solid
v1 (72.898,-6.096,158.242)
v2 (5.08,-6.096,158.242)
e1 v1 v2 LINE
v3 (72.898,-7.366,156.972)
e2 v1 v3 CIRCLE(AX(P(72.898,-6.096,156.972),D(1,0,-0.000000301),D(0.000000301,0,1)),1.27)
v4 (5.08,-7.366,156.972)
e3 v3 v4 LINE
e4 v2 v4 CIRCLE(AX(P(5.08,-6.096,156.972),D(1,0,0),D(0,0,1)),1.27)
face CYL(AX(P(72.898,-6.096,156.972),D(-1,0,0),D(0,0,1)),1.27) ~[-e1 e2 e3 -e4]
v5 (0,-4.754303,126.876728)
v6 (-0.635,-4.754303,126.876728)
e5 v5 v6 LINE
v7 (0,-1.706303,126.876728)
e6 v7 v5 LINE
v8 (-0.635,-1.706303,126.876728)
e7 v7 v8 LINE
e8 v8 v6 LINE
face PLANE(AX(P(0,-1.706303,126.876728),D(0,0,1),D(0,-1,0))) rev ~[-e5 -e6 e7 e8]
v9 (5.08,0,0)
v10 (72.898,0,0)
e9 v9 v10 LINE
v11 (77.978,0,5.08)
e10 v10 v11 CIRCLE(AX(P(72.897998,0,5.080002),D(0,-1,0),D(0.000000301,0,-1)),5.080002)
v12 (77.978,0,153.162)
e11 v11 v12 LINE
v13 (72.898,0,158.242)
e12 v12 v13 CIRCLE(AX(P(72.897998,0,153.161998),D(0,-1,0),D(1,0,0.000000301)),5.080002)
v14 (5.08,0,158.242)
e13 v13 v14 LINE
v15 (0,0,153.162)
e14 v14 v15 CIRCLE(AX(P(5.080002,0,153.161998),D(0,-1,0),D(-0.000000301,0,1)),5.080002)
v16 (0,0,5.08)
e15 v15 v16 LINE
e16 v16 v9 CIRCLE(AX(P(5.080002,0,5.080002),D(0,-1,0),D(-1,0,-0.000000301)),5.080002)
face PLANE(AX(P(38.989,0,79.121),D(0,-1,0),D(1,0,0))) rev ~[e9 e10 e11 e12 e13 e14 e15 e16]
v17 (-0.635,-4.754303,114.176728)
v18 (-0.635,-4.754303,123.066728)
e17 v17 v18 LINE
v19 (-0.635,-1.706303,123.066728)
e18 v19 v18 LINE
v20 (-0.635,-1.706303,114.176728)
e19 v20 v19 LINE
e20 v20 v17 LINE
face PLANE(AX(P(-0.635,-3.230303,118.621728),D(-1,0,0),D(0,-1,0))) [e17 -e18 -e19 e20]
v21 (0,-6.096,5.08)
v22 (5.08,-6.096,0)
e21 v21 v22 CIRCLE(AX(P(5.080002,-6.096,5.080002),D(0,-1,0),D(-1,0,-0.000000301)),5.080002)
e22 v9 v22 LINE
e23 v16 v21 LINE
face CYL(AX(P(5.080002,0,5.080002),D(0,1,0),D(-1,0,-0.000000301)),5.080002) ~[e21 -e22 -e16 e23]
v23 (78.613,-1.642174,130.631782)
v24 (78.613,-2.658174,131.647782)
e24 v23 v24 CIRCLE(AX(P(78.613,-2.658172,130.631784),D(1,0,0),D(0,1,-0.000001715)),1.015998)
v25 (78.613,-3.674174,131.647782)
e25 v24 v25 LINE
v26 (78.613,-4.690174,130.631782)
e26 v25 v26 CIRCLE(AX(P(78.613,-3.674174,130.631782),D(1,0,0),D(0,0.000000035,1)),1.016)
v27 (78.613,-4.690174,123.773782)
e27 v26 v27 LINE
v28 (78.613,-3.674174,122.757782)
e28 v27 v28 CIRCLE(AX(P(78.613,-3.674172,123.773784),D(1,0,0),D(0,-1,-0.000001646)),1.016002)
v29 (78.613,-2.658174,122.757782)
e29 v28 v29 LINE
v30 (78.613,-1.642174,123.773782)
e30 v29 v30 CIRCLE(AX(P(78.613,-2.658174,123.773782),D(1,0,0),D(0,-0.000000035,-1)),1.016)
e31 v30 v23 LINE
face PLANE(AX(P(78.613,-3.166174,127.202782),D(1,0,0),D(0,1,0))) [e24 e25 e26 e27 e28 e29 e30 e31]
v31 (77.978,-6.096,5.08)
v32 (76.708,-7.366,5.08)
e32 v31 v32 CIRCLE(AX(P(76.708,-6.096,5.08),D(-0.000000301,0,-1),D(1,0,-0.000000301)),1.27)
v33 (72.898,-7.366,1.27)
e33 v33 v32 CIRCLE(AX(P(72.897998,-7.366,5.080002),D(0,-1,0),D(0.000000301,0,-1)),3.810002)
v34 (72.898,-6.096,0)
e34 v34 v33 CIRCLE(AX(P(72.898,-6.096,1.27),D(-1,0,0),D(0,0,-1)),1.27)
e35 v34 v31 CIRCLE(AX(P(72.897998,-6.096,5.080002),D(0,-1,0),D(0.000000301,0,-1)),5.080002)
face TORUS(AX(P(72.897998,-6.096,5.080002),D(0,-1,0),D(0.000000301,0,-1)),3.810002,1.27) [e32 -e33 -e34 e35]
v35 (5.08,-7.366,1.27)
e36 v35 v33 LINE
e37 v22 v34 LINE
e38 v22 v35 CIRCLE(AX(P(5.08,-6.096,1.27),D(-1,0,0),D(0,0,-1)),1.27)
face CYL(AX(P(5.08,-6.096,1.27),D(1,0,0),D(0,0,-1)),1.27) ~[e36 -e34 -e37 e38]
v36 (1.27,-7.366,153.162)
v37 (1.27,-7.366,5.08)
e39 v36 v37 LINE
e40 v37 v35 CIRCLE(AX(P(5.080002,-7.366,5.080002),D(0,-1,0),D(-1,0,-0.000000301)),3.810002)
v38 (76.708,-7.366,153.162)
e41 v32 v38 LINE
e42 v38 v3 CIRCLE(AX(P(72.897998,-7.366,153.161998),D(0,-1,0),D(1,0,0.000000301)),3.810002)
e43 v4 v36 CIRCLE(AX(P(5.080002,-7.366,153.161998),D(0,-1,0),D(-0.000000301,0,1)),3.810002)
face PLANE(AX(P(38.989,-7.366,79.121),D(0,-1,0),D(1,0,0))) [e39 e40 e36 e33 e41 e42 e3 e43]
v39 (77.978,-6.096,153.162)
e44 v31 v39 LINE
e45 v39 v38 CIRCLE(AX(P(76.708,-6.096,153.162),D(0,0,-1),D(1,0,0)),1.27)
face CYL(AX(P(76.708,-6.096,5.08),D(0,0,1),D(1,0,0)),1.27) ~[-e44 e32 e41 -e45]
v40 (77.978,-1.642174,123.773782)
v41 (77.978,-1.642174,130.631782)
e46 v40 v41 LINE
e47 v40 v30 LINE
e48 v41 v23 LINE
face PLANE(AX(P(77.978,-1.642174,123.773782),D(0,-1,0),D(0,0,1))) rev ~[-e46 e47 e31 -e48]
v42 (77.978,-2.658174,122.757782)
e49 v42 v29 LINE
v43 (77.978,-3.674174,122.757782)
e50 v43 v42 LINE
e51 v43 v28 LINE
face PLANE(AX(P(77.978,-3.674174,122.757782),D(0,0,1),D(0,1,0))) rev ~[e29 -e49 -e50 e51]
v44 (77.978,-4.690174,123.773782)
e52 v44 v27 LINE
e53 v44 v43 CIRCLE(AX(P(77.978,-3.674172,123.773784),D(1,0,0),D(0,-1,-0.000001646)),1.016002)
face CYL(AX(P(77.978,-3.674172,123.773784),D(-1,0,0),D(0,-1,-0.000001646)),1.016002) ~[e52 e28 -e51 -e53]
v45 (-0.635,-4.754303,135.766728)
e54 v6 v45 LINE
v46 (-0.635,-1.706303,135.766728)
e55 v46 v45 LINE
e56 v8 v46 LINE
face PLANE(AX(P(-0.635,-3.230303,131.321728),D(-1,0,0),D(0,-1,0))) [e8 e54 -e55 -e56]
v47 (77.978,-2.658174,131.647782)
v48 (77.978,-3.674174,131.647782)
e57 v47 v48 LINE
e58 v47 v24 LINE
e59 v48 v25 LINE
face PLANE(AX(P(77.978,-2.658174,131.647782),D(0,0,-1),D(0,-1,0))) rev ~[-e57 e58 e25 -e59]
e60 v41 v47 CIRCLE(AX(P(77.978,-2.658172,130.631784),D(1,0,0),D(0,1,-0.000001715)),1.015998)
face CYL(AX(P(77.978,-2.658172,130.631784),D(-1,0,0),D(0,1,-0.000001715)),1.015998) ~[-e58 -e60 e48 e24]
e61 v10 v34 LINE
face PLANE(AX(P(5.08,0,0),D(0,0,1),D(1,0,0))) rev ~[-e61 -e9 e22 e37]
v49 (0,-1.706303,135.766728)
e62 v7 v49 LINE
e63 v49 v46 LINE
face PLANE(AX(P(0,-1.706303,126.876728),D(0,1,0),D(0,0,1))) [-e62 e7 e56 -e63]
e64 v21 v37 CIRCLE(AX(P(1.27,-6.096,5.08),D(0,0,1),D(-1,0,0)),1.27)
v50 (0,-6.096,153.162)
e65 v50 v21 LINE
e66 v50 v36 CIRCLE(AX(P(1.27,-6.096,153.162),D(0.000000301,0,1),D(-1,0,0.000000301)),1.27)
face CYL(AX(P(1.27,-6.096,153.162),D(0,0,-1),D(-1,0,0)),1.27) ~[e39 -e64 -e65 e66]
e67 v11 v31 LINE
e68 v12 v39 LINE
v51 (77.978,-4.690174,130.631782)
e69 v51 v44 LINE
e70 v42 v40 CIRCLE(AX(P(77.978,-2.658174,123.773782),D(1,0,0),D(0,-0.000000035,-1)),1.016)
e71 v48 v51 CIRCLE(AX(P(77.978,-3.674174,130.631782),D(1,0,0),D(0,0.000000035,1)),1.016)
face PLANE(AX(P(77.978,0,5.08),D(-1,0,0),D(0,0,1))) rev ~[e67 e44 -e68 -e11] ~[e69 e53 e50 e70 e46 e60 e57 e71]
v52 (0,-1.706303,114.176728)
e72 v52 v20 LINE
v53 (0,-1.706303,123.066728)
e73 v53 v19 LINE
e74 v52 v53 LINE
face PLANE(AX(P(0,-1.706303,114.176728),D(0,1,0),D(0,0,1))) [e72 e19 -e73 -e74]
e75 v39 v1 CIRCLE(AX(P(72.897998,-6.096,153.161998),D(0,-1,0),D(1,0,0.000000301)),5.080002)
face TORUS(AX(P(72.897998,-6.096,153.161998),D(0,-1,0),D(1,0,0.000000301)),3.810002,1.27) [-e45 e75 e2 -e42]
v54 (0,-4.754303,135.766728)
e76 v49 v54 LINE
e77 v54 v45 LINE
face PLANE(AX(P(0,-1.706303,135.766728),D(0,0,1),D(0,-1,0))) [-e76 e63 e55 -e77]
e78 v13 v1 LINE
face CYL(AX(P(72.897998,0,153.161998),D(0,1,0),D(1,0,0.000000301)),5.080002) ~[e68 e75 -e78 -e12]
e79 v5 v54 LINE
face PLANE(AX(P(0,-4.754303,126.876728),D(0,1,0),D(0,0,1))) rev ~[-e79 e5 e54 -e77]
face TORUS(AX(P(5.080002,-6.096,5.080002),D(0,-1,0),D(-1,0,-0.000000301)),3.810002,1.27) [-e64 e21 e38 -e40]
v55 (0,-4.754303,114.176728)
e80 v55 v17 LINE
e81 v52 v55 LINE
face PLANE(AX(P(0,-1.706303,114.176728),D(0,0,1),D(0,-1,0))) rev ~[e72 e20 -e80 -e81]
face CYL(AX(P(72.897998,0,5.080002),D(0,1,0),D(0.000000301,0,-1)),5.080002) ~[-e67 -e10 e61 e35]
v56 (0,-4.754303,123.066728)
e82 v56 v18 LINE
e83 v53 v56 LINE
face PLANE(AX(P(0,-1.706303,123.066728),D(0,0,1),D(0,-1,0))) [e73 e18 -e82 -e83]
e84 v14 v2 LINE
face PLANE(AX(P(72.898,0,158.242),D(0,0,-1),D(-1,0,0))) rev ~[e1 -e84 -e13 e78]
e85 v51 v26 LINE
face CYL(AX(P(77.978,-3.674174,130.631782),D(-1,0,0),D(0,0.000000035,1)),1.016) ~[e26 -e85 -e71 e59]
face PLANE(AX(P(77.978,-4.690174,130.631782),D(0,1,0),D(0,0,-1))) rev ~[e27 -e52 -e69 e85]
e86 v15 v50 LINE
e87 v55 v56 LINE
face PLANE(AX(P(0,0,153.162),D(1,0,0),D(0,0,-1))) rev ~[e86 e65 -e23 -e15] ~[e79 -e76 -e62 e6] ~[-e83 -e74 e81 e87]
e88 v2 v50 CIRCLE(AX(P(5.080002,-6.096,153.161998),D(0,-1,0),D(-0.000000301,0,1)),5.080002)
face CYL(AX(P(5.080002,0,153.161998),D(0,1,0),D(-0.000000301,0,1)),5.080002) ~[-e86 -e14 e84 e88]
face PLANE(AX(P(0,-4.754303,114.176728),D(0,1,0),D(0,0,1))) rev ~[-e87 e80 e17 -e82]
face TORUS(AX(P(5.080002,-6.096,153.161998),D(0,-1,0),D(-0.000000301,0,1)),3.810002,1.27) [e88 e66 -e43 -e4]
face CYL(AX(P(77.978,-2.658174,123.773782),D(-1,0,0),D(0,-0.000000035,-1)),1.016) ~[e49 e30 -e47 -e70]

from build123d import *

# Parameters (mm, degrees)
F1_DEPTH = 7.366
F2_R     = 1.27
F4_DEPTH = 0.635
F5_W     = 3.048
F5_H     = 8.89
F6_DEPTH = 0.635


with BuildPart() as f1:
    # F0 (on Front) → F1 (new body)
    with BuildSketch(Plane.XZ):
        with BuildLine():
            Line((0, 153.162), (0, 5.08))
            ThreePointArc((0, 5.08), (1.487898, 1.487898), (5.08, 0))
            Line((5.08, 0), (72.898, 0))
            ThreePointArc((72.898, 0), (76.490102, 1.487898), (77.978, 5.08))
            Line((77.978, 5.08), (77.978, 153.162))
            ThreePointArc((77.978, 153.162), (76.490102, 156.754102), (72.898, 158.242))
            Line((72.898, 158.242), (5.08, 158.242))
            ThreePointArc((5.08, 158.242), (1.487898, 156.754102), (0, 153.162))
        make_face()
    extrude(amount=F1_DEPTH)

    # F2
    f2_edges = [f1.edges().sort_by_distance(p)[0] for p in [
        (38.989, -7.366, 0),
    ]]
    fillet(f2_edges, radius=F2_R)

    # F3 (on face) → F4 (join)
    with BuildSketch(Plane.YZ.offset(77.978)):
        with BuildLine():
            Line((-2.658174, 131.647782), (-3.674174, 131.647782))
            ThreePointArc((-3.674174, 131.647782), (-4.392594, 131.350203), (-4.690174, 130.631782))
            Line((-4.690174, 130.631782), (-4.690174, 123.773782))
            ThreePointArc((-4.690174, 123.773782), (-4.392594, 123.055362), (-3.674174, 122.757782))
            Line((-3.674174, 122.757782), (-2.658174, 122.757782))
            ThreePointArc((-2.658174, 122.757782), (-1.939753, 123.055362), (-1.642174, 123.773782))
            Line((-1.642174, 123.773782), (-1.642174, 130.631782))
            ThreePointArc((-1.642174, 130.631782), (-1.939753, 131.350203), (-2.658174, 131.647782))
        make_face()
    extrude(amount=F4_DEPTH)

    # F5 (on face) → F6 (join)
    with BuildSketch(Plane(origin=(0, 0, 0), x_dir=(0, -1, 0), z_dir=(-1, 0, 0))):
        with Locations((3.230303, 131.321728)):
            Rectangle(F5_W, F5_H)
        with Locations((3.230303, 118.621728)):
            Rectangle(F5_W, F5_H)
    extrude(amount=F6_DEPTH)


solid = f1.part
